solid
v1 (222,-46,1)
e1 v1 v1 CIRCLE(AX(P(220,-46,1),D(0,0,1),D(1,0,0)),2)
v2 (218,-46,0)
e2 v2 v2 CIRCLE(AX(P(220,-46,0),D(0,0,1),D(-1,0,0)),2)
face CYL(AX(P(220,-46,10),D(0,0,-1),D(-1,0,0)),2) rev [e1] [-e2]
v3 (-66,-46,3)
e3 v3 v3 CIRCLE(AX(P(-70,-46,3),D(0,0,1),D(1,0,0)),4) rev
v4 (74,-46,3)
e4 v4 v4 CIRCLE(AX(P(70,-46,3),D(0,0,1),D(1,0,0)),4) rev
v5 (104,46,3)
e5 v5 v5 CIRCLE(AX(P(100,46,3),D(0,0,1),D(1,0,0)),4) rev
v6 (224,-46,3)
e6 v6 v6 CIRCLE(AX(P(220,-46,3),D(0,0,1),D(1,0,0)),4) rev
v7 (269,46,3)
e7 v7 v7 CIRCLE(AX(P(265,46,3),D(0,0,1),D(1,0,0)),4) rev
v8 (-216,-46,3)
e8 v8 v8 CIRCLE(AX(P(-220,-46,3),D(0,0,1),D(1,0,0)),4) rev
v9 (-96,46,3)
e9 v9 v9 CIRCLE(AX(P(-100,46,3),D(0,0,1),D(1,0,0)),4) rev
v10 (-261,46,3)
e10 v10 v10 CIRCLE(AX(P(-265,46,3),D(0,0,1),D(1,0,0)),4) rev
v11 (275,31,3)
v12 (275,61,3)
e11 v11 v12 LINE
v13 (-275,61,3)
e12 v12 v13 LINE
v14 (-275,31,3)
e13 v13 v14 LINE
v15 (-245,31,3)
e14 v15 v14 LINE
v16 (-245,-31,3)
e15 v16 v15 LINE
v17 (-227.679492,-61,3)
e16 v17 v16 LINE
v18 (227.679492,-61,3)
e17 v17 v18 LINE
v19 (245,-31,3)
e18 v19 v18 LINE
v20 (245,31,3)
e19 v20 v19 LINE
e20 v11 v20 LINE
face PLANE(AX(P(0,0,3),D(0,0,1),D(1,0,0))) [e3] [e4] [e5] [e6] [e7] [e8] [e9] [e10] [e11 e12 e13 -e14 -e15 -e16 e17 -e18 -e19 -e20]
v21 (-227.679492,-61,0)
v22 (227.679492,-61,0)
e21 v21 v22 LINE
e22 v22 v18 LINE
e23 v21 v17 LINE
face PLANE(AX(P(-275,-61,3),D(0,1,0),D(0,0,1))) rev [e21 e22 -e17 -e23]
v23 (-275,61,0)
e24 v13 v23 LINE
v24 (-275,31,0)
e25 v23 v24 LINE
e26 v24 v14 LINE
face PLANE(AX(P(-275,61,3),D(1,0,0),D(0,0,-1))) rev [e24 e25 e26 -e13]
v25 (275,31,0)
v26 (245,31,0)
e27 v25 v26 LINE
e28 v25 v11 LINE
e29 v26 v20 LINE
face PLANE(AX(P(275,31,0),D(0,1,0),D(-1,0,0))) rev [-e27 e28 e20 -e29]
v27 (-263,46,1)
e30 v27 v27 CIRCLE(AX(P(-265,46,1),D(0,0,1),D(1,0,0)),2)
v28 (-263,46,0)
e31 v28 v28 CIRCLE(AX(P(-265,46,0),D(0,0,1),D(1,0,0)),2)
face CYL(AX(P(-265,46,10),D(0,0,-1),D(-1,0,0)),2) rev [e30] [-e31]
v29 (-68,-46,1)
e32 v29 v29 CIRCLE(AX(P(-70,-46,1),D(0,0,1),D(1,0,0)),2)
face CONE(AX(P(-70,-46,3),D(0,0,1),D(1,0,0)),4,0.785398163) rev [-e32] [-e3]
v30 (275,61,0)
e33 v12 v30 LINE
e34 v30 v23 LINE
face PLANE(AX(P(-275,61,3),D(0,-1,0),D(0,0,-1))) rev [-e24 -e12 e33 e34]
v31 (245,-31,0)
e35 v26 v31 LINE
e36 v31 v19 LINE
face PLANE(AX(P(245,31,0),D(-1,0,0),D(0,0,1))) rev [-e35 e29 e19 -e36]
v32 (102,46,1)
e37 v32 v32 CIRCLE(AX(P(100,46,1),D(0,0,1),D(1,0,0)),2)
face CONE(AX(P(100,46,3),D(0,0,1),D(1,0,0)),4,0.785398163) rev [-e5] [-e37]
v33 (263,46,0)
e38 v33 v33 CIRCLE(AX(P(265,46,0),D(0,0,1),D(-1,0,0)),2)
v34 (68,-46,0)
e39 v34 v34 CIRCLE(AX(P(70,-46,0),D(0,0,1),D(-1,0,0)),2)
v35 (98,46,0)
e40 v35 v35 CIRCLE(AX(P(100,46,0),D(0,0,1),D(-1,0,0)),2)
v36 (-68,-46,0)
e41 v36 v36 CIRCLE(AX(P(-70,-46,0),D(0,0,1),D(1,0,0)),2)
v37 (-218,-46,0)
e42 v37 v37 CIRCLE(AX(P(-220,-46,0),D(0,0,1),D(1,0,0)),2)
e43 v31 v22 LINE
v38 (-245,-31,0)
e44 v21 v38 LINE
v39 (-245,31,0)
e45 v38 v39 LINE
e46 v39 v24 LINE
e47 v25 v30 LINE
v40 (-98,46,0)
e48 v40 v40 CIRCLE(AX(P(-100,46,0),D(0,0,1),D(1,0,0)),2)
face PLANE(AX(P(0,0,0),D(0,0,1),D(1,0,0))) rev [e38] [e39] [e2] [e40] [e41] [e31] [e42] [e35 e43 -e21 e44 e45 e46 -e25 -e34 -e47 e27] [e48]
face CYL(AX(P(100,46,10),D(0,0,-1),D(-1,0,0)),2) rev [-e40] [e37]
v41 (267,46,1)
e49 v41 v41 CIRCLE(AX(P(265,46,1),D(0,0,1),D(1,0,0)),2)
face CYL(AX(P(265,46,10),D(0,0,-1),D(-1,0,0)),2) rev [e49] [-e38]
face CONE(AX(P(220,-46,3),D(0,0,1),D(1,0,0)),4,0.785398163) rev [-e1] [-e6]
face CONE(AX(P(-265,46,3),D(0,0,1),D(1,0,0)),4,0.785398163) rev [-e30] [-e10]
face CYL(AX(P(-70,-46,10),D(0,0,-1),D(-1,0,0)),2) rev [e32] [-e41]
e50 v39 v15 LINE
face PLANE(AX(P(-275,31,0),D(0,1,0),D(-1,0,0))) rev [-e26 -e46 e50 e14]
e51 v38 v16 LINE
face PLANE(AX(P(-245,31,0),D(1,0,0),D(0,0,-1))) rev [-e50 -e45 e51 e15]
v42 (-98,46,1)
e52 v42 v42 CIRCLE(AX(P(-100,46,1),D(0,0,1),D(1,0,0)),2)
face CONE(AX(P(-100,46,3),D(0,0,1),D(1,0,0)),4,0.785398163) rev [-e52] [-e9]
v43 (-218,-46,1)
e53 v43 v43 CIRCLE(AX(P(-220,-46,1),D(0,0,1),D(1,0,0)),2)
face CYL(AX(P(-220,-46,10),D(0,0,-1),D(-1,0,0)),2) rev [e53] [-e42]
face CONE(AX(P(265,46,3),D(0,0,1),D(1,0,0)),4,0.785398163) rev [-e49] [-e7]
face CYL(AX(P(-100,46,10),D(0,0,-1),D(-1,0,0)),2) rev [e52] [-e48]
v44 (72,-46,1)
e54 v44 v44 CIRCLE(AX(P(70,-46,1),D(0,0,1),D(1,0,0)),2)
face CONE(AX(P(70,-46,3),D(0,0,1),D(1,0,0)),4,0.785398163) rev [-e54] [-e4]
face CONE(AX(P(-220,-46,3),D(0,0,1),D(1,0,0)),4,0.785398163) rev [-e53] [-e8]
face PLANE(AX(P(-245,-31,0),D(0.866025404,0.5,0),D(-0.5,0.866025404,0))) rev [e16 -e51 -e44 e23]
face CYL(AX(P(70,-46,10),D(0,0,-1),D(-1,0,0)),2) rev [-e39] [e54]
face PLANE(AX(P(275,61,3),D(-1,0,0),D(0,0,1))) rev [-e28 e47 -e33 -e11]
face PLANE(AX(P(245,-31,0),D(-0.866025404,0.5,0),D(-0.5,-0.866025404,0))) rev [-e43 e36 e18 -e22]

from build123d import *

# Parameters (mm, degrees)
SKETCH_1_W          = 550
SKETCH_1_H          = 122
EXTRUDE_1_DEPTH     = 3
CUT_EXTRUDE_2_DEPTH = 282.700195243
SKETCH_2_R          = 2
CUT_EXTRUDE_1_DEPTH = 10
CHAMFER_1_SIZE      = 2


with BuildPart() as part:
    # 草图1 → 凸台-拉伸1 (new body)
    with BuildSketch(Plane.XY):
        Rectangle(SKETCH_1_W, SKETCH_1_H)
    extrude(amount=EXTRUDE_1_DEPTH)

    # 草图3 → 切除-拉伸2 (cut, through all)
    with BuildSketch(Plane.XY.offset(3)):
        Polygon((-275, 31), (-245, 31), (-245, -31), (-227.679491924, -61), (-275, -61), align=None)
        Polygon((245, -31), (227.679491924, -61), (275, -61), (275, 31), (245, 31), align=None)
    extrude(amount=-CUT_EXTRUDE_2_DEPTH, mode=Mode.SUBTRACT)

    # 草图2 → 切除-拉伸1 (cut)
    with BuildSketch(Plane.XY):
        with Locations((-100, 46)):
            Circle(SKETCH_2_R)
        with Locations((-265, 46)):
            Circle(SKETCH_2_R)
        with Locations(Location((265, 46, 0), (0, 0, 180))):
            Circle(SKETCH_2_R)
        with Locations(Location((100, 46, 0), (0, 0, 180))):
            Circle(SKETCH_2_R)
        with Locations((-220, -46)):
            Circle(SKETCH_2_R)
        with Locations((-70, -46)):
            Circle(SKETCH_2_R)
        with Locations(Location((70, -46, 0), (0, 0, 180))):
            Circle(SKETCH_2_R)
        with Locations(Location((220, -46, 0), (0, 0, 180))):
            Circle(SKETCH_2_R)
    extrude(amount=CUT_EXTRUDE_1_DEPTH, mode=Mode.SUBTRACT)

    # 倒角1
    chamfer_1_edges = [part.edges().sort_by_distance(p)[0] for p in [
        (-222, -46, 3),
        (102, 46, 3),
        (267, 46, 3),
        (-267, 46, 3),
        (-72, -46, 3),
        (72, -46, 3),
        (222, -46, 3),
        (-102, 46, 3),
    ]]
    chamfer(chamfer_1_edges, length=CHAMFER_1_SIZE)


solid = part.part
